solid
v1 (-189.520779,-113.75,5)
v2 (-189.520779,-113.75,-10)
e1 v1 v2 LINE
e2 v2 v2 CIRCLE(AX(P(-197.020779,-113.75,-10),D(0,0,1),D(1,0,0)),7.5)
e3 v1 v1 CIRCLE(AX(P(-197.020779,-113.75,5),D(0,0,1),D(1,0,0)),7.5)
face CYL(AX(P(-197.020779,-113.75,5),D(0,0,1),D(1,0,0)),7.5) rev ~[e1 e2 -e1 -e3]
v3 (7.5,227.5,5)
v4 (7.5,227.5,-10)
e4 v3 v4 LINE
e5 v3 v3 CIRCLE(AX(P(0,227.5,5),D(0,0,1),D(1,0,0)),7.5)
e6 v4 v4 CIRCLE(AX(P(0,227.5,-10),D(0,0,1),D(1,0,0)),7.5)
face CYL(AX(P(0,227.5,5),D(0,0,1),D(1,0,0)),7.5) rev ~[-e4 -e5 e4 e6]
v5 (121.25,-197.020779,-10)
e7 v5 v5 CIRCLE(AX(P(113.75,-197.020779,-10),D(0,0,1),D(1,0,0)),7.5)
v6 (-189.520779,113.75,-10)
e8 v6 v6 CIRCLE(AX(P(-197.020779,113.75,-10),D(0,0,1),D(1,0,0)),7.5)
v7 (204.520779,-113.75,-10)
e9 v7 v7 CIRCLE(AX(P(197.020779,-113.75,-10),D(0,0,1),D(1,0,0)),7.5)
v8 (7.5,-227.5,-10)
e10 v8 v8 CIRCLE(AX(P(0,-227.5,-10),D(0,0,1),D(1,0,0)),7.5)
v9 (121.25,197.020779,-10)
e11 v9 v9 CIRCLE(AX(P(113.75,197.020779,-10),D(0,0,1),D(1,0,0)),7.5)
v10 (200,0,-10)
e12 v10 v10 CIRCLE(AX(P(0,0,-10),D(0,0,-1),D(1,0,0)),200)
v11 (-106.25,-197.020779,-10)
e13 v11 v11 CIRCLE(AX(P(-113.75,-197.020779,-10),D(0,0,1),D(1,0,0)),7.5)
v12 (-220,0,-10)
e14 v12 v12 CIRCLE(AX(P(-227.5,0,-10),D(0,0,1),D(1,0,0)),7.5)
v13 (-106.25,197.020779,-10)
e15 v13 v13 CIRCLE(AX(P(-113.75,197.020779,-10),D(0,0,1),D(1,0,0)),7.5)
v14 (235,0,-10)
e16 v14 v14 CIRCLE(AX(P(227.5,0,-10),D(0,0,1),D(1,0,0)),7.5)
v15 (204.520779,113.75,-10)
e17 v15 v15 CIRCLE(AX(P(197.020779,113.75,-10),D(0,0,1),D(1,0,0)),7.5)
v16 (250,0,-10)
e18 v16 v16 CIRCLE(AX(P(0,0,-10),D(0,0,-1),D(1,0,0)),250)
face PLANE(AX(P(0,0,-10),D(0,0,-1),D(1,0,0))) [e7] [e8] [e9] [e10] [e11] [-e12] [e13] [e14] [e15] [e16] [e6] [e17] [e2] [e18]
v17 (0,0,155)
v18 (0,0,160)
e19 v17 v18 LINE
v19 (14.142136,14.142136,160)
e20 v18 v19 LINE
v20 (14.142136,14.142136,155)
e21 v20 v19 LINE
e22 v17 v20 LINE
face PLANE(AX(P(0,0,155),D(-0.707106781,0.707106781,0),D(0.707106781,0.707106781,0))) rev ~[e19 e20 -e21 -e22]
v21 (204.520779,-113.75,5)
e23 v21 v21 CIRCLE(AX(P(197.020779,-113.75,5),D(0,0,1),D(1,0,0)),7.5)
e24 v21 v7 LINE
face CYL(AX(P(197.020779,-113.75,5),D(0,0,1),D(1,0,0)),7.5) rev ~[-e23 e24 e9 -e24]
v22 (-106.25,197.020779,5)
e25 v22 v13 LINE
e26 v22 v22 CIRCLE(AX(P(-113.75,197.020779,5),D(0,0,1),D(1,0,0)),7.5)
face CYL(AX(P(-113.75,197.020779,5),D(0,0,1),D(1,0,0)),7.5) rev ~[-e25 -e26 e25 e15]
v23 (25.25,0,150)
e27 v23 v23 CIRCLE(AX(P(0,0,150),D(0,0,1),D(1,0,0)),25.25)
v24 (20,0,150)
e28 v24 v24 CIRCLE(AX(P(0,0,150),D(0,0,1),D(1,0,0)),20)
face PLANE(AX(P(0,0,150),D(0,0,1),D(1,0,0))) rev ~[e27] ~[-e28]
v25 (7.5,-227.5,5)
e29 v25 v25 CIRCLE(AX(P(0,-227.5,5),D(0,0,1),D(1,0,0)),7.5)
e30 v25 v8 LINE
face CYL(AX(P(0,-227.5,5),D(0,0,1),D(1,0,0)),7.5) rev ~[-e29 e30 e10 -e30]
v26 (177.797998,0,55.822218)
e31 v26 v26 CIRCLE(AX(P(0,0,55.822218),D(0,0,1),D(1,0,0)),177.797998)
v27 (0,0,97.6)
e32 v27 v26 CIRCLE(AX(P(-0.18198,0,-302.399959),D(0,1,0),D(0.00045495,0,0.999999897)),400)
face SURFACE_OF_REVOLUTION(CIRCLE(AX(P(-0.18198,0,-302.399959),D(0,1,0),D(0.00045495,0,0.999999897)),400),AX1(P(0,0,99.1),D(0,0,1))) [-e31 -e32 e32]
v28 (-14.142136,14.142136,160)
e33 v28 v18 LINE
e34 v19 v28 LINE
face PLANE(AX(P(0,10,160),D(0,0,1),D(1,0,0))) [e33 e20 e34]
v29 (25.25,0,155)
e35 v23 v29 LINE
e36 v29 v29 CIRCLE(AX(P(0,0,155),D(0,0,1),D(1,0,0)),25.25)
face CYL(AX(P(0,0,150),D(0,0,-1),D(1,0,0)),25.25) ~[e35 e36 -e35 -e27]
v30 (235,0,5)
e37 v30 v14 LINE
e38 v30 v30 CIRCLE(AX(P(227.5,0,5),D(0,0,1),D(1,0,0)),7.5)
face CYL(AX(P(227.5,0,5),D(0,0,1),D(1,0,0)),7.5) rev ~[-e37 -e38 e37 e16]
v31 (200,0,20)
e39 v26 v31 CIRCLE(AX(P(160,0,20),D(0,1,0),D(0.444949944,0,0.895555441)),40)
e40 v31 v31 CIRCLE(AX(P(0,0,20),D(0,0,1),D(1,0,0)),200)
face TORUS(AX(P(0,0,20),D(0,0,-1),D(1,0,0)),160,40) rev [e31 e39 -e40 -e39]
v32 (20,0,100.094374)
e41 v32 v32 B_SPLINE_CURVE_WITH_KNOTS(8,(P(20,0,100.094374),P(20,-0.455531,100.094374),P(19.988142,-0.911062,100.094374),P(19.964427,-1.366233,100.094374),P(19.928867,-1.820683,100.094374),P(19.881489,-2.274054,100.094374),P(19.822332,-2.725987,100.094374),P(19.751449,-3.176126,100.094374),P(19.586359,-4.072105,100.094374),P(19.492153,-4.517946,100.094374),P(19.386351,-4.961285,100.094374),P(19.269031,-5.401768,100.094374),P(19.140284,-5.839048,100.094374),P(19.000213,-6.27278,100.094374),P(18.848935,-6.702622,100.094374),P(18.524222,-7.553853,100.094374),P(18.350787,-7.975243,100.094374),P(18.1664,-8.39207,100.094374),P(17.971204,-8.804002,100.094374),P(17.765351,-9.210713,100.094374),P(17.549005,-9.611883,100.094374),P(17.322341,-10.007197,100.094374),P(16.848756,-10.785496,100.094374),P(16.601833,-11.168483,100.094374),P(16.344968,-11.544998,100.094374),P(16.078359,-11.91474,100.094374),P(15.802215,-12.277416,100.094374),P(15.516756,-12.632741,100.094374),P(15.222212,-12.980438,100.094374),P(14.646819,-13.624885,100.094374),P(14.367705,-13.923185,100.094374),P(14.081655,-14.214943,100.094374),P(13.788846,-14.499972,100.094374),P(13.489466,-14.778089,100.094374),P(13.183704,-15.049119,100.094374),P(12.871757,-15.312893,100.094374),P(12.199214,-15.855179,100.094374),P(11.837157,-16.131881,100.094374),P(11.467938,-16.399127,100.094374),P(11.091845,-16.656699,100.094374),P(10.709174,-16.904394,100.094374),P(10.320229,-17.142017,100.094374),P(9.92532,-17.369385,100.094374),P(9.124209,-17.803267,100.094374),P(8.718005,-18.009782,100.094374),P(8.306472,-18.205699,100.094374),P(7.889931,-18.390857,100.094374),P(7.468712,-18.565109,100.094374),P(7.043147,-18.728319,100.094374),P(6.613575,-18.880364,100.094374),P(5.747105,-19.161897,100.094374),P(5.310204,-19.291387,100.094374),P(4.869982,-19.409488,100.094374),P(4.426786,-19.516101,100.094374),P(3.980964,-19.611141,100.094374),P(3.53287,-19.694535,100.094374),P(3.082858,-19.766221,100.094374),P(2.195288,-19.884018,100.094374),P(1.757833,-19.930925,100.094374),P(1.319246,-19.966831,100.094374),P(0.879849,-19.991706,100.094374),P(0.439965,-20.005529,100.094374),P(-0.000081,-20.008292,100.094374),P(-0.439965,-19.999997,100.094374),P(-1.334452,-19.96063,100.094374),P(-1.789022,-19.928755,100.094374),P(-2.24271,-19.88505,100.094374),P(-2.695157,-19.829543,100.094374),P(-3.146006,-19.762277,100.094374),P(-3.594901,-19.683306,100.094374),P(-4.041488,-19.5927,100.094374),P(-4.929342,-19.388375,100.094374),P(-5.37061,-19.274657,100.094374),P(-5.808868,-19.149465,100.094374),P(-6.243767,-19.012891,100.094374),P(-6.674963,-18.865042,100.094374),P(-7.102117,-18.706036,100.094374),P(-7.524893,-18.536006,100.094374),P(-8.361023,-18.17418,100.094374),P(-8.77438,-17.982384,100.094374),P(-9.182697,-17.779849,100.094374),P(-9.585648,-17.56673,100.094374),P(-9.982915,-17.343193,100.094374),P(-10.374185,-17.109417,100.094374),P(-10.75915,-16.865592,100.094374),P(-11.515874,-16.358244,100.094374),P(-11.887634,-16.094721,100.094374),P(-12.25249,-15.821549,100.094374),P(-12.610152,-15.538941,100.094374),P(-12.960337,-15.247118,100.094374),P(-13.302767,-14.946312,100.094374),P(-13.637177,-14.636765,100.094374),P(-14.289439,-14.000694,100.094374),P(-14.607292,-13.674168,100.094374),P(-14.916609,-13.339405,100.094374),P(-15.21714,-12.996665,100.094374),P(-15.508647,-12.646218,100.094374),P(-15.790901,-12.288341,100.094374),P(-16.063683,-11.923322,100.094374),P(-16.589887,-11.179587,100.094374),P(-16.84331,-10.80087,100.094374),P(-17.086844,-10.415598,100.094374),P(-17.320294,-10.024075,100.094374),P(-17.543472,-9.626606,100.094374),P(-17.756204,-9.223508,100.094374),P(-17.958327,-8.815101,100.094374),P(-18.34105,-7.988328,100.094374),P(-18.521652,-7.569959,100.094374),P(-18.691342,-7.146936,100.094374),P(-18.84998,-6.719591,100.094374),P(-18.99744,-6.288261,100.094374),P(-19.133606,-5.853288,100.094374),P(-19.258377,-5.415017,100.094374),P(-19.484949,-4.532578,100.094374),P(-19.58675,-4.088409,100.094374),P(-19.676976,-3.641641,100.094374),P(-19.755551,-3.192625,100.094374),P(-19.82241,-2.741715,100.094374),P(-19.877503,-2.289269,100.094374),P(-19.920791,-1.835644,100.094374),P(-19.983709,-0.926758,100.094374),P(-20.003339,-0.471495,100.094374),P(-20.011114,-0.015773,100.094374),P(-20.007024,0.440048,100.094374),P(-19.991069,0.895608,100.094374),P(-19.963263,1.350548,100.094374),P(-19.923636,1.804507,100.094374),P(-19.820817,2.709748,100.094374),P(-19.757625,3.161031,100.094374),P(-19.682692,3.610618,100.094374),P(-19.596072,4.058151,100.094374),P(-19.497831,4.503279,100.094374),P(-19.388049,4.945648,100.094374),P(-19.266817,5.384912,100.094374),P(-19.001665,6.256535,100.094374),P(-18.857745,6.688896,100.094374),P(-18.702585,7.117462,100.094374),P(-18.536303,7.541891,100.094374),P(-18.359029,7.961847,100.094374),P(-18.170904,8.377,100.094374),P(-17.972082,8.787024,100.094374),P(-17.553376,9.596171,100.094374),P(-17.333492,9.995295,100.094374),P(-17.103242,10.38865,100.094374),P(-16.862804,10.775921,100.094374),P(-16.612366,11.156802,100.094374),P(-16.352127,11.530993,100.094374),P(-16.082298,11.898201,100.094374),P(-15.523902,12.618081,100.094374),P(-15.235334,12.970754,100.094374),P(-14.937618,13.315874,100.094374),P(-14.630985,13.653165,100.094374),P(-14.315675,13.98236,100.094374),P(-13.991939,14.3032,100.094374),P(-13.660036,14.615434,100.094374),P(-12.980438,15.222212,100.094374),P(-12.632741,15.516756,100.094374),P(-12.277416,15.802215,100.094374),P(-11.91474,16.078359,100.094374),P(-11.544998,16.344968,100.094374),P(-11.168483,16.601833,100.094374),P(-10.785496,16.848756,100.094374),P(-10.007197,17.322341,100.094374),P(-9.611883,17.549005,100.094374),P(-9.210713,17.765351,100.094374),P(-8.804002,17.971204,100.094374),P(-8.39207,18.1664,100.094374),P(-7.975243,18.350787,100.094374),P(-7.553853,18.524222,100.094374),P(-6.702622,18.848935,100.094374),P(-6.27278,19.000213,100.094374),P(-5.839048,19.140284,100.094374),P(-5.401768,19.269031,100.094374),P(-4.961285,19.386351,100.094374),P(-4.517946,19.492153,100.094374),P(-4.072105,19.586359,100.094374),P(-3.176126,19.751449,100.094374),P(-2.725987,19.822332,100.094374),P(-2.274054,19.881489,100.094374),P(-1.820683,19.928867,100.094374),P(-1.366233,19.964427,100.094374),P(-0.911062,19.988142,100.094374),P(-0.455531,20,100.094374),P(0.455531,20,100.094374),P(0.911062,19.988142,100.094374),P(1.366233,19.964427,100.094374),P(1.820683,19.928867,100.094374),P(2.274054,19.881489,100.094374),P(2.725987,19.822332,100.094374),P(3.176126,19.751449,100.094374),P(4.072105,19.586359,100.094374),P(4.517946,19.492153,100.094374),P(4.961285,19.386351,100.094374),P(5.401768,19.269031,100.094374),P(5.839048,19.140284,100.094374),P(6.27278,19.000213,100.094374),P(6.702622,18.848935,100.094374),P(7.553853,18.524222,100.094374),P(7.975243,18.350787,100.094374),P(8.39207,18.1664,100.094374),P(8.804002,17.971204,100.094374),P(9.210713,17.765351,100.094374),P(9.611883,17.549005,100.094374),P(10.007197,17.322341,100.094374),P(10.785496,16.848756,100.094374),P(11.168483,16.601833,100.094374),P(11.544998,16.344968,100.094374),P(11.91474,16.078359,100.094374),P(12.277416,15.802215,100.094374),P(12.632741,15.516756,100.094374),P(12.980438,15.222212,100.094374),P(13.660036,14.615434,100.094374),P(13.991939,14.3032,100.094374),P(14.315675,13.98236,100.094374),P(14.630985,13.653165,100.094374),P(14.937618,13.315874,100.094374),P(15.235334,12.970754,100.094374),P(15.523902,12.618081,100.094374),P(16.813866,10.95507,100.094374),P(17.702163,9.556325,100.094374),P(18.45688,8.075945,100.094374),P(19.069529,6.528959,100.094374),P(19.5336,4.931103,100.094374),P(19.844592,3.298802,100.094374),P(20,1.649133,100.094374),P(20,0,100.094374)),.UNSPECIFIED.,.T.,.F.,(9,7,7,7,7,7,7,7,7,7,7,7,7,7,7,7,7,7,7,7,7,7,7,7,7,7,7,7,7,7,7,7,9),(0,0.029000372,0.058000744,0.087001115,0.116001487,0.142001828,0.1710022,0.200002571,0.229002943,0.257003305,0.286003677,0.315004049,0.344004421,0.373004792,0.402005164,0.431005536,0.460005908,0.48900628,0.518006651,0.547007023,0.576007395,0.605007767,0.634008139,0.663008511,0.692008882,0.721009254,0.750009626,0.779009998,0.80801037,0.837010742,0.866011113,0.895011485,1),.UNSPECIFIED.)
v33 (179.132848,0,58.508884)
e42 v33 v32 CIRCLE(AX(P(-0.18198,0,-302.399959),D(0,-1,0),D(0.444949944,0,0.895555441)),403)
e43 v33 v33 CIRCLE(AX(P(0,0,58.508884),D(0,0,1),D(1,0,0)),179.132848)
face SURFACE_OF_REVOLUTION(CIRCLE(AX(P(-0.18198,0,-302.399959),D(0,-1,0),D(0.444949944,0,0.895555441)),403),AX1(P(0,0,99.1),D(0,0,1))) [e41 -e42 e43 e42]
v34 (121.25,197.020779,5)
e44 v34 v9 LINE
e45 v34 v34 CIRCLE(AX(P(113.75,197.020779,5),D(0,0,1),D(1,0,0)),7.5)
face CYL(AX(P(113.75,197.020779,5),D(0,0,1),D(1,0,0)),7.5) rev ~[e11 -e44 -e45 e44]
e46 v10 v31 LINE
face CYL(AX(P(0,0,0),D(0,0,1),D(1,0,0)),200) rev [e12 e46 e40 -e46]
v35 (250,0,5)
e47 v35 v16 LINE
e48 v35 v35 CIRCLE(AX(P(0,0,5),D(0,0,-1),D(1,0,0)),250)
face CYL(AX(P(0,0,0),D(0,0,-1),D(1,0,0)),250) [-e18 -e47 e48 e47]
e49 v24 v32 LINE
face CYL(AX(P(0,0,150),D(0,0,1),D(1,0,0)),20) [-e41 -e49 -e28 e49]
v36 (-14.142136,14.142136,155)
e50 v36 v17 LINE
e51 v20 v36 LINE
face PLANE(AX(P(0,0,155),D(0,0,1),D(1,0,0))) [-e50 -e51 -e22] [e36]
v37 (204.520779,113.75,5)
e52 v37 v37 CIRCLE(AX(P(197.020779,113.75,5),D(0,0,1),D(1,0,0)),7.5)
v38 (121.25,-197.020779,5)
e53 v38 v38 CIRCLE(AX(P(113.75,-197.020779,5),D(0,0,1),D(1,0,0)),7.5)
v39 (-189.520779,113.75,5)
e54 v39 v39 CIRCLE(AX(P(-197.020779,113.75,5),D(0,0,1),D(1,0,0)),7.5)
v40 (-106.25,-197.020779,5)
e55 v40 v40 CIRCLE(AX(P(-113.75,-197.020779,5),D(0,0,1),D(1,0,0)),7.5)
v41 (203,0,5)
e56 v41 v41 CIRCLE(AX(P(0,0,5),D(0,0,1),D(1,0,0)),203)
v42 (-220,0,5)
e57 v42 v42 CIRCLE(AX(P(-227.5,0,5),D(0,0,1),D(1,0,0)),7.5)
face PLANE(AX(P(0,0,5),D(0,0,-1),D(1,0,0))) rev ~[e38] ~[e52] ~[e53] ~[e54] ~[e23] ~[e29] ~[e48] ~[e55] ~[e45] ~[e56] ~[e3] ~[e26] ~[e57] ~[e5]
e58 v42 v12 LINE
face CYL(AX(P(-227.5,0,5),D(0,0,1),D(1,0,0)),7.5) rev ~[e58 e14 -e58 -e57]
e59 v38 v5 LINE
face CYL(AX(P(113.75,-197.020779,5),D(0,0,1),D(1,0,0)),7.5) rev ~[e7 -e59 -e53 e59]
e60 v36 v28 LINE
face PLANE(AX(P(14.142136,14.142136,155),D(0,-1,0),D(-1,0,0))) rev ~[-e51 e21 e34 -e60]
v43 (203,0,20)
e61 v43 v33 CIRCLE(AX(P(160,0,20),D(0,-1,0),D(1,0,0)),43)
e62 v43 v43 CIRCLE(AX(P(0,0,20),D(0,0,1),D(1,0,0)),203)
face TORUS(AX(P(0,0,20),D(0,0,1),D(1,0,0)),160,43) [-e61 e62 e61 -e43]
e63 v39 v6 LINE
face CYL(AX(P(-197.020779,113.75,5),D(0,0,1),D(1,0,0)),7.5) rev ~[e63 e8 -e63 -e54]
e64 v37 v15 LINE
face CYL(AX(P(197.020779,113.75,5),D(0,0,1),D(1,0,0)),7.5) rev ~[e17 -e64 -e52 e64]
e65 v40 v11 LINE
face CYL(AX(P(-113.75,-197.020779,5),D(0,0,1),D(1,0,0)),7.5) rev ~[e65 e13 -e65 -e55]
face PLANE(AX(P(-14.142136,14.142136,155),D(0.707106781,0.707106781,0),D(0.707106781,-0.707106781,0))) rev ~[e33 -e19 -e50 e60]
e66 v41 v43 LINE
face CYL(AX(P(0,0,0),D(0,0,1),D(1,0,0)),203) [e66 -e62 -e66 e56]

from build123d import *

# Parameters (mm, degrees)
F2_R          = 250
F2_R_2        = 200
F3_DEPTH      = 10
F3_DEPTH_BACK = 5
F4_R          = 7.5
F5_DEPTH      = 15
F7_R          = 20
F9_R          = 25.25
F10_DEPTH     = 5
F12_DEPTH     = 5


with BuildPart() as f1:
    # F0 (on Front) → F1 (revolve)
    with BuildSketch(Plane.XZ):
        with BuildLine():
            Line((200, 20), (200, 0))
            Line((200, 0), (203, 0))
            Line((203, 0), (203, 20))
            ThreePointArc((203, 20), (196.5493669363, 42.6526770285), (179.1328476019, 58.5088839444))
            ThreePointArc((179.1328476019, 58.5088839444), (92.0009441475, 89.9153591058), (0, 100.6000003082))
            Line((0, 100.6000003082), (0, 97.6))
            ThreePointArc((0, 97.6), (91.3153782925, 86.994742746), (177.7979977692, 55.8222176227))
            ThreePointArc((177.7979977692, 55.8222176227), (193.9994111035, 41.072257701), (200, 20))
        make_face()
    revolve(axis=Axis((0, 0, 99.1000001541), (0, 0, 1)))

    # F2 (on face) → F3 (join, two sides)
    with BuildSketch(Plane(origin=(0, 0, 0), x_dir=(1, 0, 0), z_dir=(0, 0, -1))) as f3_sk:
        Circle(F2_R)
        Circle(F2_R_2, mode=Mode.SUBTRACT)
    extrude(amount=F3_DEPTH)
    extrude(f3_sk.sketch, amount=-F3_DEPTH_BACK)

    # F4 (on face) → F5 (cut, through all)
    with BuildSketch(Plane.XY.offset(5)):
        with Locations((227.5, 0)):
            Circle(F4_R)
        with Locations((197.020779361, 113.75)):
            Circle(F4_R)
        with Locations((113.75, 197.020779361)):
            Circle(F4_R)
        with Locations((0, 227.5)):
            Circle(F4_R)
        with Locations((-113.75, 197.020779361)):
            Circle(F4_R)
        with Locations((-197.020779361, 113.75)):
            Circle(F4_R)
        with Locations((-227.5, 0)):
            Circle(F4_R)
        with Locations((-197.020779361, -113.75)):
            Circle(F4_R)
        with Locations((-113.75, -197.020779361)):
            Circle(F4_R)
        with Locations((0, -227.5)):
            Circle(F4_R)
        with Locations((113.75, -197.020779361)):
            Circle(F4_R)
        with Locations((197.020779361, -113.75)):
            Circle(F4_R)
    extrude(amount=-F5_DEPTH, mode=Mode.SUBTRACT)

    # F7 (on offset) → F8 (join, up to the next surface of F1)
    with BuildSketch(Plane.XY.offset(150)):
        Circle(F7_R)
    extrude(until=Until.NEXT, dir=(0, 0, -1))

    # F9 (on face) → F10 (join)
    with BuildSketch(Plane.XY.offset(150)):
        Circle(F9_R)
    extrude(amount=F10_DEPTH)

    # F11 (on face) → F12 (join)
    with BuildSketch(Plane.XY.offset(155)):
        Polygon((-14.1421356237, 14.1421356237), (0, 0), (14.1421356237, 14.1421356237), align=None)
    extrude(amount=F12_DEPTH)


solid = f1.part
